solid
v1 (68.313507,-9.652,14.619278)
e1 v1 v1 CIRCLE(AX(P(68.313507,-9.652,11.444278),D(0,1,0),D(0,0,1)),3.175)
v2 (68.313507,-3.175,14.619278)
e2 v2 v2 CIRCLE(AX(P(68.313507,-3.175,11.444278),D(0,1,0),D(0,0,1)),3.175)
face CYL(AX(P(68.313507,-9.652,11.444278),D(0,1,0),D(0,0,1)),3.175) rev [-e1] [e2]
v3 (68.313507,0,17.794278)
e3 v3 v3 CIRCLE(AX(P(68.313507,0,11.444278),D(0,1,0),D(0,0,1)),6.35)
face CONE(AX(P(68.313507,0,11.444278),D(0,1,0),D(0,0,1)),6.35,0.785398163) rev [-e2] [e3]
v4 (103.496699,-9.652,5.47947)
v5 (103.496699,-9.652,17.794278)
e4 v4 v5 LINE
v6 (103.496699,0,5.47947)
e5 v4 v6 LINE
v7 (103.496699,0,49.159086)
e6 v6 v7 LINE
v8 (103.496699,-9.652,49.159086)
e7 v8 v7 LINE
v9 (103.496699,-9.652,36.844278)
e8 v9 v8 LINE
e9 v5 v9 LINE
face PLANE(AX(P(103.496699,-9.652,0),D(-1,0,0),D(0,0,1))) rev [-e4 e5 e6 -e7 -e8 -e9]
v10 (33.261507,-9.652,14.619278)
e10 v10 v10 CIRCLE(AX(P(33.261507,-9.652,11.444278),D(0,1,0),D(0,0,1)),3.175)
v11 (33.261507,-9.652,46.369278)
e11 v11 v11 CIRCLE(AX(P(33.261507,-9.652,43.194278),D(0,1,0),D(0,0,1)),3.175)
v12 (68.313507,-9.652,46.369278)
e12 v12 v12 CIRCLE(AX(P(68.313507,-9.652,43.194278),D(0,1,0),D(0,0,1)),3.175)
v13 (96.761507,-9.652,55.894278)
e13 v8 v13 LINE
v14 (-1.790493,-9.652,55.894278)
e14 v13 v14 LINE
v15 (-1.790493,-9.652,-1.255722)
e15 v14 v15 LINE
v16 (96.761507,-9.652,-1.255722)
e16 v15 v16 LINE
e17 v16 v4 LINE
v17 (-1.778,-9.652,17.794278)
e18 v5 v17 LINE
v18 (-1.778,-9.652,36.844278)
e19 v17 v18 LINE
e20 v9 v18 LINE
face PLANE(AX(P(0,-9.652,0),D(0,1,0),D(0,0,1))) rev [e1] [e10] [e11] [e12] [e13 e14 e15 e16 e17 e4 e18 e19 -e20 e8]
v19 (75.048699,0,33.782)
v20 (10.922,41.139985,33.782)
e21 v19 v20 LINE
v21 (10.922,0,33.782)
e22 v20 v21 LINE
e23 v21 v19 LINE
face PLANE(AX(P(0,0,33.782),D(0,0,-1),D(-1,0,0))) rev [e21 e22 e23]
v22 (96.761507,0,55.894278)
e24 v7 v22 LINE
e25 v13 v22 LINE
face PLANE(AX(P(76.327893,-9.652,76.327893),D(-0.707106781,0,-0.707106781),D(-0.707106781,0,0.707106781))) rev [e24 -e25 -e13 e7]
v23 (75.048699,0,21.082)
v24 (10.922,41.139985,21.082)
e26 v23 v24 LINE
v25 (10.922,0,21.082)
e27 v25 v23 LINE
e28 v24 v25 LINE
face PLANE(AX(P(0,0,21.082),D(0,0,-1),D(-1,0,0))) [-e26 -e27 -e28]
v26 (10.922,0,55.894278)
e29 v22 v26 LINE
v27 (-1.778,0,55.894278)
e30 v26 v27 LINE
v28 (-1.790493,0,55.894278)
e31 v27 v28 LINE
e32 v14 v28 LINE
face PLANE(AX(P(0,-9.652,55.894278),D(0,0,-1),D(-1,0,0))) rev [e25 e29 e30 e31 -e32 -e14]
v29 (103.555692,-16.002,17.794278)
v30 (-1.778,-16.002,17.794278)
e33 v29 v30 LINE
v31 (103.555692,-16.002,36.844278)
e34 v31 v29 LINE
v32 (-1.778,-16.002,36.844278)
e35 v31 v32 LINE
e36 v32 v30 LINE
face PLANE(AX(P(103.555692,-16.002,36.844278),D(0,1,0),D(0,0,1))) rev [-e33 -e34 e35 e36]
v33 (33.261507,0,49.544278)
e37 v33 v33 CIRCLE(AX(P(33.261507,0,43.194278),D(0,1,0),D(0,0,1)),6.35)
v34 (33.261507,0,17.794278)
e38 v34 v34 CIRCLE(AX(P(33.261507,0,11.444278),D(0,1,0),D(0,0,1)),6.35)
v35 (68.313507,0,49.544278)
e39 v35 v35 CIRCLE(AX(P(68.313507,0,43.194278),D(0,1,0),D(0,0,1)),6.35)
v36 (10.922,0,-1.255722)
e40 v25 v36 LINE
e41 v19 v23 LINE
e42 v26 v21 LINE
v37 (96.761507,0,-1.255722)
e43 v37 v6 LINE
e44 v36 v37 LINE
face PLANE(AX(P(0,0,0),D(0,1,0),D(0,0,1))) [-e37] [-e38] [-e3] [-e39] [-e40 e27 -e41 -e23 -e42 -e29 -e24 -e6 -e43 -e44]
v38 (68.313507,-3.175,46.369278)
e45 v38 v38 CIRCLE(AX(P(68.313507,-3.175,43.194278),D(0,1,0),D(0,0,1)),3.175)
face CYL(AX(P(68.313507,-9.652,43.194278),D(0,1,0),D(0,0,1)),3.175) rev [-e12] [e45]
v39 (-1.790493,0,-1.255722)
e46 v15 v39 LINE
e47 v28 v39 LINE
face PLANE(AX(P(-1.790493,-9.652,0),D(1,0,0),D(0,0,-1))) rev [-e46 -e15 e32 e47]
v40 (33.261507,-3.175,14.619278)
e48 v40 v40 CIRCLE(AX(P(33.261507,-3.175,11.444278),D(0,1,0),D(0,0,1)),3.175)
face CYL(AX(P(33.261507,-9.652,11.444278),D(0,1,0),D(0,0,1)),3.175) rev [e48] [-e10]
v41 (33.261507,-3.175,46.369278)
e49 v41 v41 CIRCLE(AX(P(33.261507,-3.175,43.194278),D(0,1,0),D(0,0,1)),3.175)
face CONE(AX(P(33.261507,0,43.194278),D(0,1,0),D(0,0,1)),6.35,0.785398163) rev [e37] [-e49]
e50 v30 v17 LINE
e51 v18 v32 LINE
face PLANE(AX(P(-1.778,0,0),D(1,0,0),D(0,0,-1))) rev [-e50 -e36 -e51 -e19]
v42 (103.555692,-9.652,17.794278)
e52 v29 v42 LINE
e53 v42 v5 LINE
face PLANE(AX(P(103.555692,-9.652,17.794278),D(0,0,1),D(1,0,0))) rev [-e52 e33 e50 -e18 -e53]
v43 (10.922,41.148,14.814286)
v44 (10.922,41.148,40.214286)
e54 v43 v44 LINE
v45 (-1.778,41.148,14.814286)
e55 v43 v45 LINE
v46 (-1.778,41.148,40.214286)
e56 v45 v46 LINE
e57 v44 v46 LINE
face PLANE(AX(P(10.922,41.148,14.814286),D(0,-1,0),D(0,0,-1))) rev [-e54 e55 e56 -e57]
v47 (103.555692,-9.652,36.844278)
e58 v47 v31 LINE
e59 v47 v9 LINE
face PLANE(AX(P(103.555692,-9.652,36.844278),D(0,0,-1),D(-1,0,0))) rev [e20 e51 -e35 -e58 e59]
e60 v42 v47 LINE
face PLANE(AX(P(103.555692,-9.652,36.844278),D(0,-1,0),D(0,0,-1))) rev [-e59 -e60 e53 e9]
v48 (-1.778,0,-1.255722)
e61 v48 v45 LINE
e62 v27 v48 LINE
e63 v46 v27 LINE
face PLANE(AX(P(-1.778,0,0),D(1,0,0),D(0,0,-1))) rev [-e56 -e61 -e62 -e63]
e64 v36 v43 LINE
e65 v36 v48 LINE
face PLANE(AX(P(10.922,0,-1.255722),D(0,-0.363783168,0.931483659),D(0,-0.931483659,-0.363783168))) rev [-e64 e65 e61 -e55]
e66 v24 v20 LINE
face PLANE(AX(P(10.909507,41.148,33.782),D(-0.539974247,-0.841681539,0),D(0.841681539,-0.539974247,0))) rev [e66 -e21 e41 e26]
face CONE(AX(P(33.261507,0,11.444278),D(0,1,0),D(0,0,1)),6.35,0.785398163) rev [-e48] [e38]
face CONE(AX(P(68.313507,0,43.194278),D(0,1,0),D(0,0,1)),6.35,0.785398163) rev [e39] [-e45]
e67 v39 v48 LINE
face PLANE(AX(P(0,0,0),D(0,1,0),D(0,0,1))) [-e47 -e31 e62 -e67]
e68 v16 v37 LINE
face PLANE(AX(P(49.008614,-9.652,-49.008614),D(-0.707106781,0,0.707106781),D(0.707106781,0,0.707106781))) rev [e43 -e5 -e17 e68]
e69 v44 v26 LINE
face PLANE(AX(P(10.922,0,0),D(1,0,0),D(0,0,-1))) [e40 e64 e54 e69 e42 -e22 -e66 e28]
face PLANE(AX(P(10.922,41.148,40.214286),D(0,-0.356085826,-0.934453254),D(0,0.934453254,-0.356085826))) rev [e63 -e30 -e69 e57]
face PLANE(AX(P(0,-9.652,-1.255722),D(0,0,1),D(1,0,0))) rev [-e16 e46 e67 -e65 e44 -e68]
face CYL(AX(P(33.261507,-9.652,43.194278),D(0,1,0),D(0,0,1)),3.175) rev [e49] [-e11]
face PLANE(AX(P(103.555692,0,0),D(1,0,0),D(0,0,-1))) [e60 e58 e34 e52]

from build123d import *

# Parameters (mm, degrees)
SKETCH1_R           = 3.175
BOSS_EXTRUDE4_DEPTH = 9.652
BOSS_EXTRUDE5_START = -1.778
SKETCH2_W           = 19.05
SKETCH2_H           = 6.35
BOSS_EXTRUDE5_DEPTH = 105.33369205
BOSS_EXTRUDE6_START = 21.082
BOSS_EXTRUDE6_DEPTH = 12.7
BOSS_EXTRUDE7_START = -1.778
BOSS_EXTRUDE7_DEPTH = 12.7


with BuildPart() as part:
    # Sketch1 → Boss-Extrude4 (new body)
    with BuildSketch(Plane(origin=(0, 0, 0), x_dir=(1, 0, 0), z_dir=(0, 1, 0))):
        Polygon((96.761507042, 1.255721831), (-1.790492958, 1.255721831), (-1.790492958, -55.894278169), (96.761507042, -55.894278169), (103.496699133, -49.159086078), (103.496699133, -5.47947026), align=None)
        with Locations((33.261507042, -43.194278169)):
            Circle(SKETCH1_R, mode=Mode.SUBTRACT)
        with Locations((68.313507042, -43.194278169)):
            Circle(SKETCH1_R, mode=Mode.SUBTRACT)
        with Locations((33.261507042, -11.444278169)):
            Circle(SKETCH1_R, mode=Mode.SUBTRACT)
        with Locations((68.313507042, -11.444278169)):
            Circle(SKETCH1_R, mode=Mode.SUBTRACT)
    extrude(amount=-BOSS_EXTRUDE4_DEPTH)

    # Cut-Extrude4 cone 1 section (through the dimple's axis) → Cut-Extrude4 (revolve, cut)
    with BuildSketch(Plane(origin=(33.261507042, 0, 11.444278169), x_dir=(0, 0, 1), z_dir=(1, 0, 0))):
        Polygon((0, 0), (6.35, 0), (0, 6.35), align=None)
    revolve(axis=Axis((33.261507042, 0, 11.444278169), (0, -1, 0)), mode=Mode.SUBTRACT)

    # Cut-Extrude4 cone 2 section (through the dimple's axis) → Cut-Extrude4 cone 2 (revolve, cut)
    with BuildSketch(Plane(origin=(68.313507042, 0, 11.444278169), x_dir=(0, 0, 1), z_dir=(1, 0, 0))):
        Polygon((0, 0), (6.35, 0), (0, 6.35), align=None)
    revolve(axis=Axis((68.313507042, 0, 11.444278169), (0, -1, 0)), mode=Mode.SUBTRACT)

    # Cut-Extrude4 cone 3 section (through the dimple's axis) → Cut-Extrude4 cone 3 (revolve, cut)
    with BuildSketch(Plane(origin=(33.261507042, 0, 43.194278169), x_dir=(0, 0, 1), z_dir=(1, 0, 0))):
        Polygon((0, 0), (6.35, 0), (0, 6.35), align=None)
    revolve(axis=Axis((33.261507042, 0, 43.194278169), (0, -1, 0)), mode=Mode.SUBTRACT)

    # Cut-Extrude4 cone 4 section (through the dimple's axis) → Cut-Extrude4 cone 4 (revolve, cut)
    with BuildSketch(Plane(origin=(68.313507042, 0, 43.194278169), x_dir=(0, 0, 1), z_dir=(1, 0, 0))):
        Polygon((0, 0), (6.35, 0), (0, 6.35), align=None)
    revolve(axis=Axis((68.313507042, 0, 43.194278169), (0, -1, 0)), mode=Mode.SUBTRACT)

    # Sketch2 → Boss-Extrude5 (add)
    with BuildSketch(Plane(origin=(0, 0, 0), x_dir=(0, 0, -1), z_dir=(1, 0, 0)).offset(BOSS_EXTRUDE5_START)):
        with Locations((-27.319278169, -12.827)):
            Rectangle(SKETCH2_W, SKETCH2_H)
    extrude(amount=BOSS_EXTRUDE5_DEPTH)

    # Sketch4 → Boss-Extrude6 (add)
    with BuildSketch(Plane.XY.offset(BOSS_EXTRUDE6_START)):
        Polygon((10.909507042, 0), (10.909507042, 41.148), (75.048699133, 0), align=None)
    extrude(amount=BOSS_EXTRUDE6_DEPTH)

    # Sketch5 → Boss-Extrude7 (add)
    with BuildSketch(Plane(origin=(0, 0, 0), x_dir=(0, 0, -1), z_dir=(1, 0, 0)).offset(BOSS_EXTRUDE7_START)):
        Polygon((-14.81428613, 41.148), (-40.21428613, 41.148), (-55.894278169, 0), (1.255721831, 0), align=None)
    extrude(amount=BOSS_EXTRUDE7_DEPTH)


solid = part.part
